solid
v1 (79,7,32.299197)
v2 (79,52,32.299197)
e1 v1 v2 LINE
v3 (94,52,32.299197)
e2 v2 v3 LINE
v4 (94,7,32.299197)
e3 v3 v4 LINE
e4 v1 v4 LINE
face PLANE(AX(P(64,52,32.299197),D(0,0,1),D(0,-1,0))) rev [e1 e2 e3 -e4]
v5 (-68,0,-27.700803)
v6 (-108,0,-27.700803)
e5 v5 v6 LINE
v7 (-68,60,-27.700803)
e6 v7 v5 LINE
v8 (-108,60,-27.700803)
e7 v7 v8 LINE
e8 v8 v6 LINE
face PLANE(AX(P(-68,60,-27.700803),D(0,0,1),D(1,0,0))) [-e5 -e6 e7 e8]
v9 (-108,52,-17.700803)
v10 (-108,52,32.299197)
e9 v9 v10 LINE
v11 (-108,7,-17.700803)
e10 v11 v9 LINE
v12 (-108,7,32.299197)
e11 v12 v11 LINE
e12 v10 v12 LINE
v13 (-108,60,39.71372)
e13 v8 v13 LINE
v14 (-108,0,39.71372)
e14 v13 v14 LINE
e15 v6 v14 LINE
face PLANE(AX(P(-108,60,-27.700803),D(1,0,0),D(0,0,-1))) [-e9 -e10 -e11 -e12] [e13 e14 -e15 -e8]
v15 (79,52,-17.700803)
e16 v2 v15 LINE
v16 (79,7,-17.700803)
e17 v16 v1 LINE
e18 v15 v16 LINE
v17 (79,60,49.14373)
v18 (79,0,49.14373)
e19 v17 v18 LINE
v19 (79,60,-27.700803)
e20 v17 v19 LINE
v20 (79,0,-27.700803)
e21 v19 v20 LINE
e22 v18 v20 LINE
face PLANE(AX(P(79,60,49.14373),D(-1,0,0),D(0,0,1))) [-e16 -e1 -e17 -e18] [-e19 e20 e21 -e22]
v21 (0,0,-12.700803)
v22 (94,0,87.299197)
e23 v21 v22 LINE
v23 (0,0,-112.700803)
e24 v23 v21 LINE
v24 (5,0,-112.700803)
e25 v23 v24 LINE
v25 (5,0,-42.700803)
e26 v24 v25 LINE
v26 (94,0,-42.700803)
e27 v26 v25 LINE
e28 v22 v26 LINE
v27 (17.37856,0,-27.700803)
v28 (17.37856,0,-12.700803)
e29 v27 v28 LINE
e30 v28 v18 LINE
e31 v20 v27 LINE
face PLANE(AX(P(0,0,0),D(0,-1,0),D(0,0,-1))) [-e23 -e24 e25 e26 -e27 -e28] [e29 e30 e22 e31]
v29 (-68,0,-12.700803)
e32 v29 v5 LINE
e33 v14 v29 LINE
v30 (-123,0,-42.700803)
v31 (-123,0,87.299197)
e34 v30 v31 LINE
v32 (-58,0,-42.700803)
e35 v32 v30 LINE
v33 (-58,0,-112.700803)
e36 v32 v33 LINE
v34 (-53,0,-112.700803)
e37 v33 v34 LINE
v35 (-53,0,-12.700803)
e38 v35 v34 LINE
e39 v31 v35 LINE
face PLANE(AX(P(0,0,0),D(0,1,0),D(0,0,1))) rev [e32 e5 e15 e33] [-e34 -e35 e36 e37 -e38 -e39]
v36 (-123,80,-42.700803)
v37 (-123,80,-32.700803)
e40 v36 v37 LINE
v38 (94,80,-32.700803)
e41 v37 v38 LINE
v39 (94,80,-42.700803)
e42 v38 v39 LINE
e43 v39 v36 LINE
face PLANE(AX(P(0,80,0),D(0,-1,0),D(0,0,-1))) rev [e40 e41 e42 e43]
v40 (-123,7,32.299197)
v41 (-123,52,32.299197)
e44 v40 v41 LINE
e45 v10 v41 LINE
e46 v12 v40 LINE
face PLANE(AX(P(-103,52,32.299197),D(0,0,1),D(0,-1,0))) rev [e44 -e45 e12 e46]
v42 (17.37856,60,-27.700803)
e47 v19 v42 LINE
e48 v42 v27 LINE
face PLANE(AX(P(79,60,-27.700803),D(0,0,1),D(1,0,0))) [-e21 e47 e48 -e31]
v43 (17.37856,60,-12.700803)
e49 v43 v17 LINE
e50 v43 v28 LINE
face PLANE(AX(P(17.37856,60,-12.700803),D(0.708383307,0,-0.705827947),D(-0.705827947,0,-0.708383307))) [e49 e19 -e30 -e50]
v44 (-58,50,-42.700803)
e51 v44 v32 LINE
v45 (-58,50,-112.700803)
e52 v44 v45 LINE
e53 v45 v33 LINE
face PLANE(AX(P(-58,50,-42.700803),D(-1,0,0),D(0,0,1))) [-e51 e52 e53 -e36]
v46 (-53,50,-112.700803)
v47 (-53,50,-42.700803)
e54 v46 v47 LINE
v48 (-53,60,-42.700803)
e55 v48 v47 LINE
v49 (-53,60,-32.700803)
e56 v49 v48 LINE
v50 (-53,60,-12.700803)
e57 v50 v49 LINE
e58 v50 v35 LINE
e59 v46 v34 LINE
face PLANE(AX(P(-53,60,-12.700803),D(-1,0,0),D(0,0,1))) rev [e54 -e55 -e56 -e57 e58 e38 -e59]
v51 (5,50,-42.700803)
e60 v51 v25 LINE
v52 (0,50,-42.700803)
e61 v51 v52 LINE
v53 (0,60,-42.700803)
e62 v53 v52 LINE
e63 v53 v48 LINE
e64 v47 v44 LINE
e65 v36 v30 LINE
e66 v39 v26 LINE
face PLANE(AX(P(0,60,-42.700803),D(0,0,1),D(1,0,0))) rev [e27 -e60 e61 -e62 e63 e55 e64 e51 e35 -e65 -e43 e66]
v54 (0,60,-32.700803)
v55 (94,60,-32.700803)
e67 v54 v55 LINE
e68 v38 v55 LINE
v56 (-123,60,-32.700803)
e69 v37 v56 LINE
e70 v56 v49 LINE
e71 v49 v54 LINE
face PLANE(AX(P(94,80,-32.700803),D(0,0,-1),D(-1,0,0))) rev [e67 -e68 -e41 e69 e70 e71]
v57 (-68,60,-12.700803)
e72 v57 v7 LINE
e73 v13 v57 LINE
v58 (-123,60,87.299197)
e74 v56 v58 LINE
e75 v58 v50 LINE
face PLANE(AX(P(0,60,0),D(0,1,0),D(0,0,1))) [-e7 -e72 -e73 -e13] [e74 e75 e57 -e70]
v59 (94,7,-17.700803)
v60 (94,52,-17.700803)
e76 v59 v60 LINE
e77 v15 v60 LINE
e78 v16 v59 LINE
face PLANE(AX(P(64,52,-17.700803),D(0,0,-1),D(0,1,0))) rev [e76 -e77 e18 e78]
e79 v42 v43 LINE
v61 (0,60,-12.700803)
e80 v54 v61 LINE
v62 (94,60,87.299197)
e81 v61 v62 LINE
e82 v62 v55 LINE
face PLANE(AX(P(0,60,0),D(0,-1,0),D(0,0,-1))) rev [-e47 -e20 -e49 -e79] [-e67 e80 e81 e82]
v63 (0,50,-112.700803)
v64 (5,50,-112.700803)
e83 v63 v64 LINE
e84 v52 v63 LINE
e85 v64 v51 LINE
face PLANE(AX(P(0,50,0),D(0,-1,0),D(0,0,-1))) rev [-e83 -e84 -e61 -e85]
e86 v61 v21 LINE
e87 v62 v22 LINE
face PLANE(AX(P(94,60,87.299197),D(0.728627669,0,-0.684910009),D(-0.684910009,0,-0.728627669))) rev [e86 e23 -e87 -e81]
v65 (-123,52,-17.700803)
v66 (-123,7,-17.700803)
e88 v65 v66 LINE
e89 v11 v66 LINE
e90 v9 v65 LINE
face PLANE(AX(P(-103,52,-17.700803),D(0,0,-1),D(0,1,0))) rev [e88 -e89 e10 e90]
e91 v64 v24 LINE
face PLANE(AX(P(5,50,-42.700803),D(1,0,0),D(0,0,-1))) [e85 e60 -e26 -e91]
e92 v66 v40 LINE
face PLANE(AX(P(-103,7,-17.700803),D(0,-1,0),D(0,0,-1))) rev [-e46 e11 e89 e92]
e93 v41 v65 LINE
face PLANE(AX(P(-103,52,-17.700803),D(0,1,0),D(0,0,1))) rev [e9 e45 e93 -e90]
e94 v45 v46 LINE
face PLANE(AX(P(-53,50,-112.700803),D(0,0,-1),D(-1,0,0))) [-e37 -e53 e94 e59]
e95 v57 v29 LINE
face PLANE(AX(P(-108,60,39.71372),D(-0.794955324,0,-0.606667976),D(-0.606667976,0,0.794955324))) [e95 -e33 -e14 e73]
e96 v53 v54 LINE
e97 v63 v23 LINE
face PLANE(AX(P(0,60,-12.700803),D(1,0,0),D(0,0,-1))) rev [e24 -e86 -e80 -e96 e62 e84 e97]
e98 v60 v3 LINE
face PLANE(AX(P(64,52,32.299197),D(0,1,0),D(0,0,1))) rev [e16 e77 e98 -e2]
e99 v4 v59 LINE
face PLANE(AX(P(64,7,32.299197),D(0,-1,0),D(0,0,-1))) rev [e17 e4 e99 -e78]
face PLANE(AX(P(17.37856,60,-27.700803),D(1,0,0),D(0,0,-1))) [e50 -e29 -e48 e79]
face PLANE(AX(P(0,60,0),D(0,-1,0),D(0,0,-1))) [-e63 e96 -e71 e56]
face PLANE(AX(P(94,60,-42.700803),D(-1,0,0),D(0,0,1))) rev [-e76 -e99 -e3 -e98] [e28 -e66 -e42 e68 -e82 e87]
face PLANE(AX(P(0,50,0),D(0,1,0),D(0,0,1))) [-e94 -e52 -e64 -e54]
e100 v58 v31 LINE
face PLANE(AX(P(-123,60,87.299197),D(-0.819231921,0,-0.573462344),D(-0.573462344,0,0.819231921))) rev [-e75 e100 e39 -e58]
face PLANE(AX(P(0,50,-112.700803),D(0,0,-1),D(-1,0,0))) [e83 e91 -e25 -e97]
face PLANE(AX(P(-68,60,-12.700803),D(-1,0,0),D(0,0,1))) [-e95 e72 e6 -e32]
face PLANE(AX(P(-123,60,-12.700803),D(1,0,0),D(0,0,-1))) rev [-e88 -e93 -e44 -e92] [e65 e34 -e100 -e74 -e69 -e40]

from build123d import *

# Parameters (mm, degrees)
BOSS_EXTRUDE1_DEPTH   = 60
BOSS_EXTRUDE1_2_DEPTH = 60
SKETCH3_W             = 217
SKETCH3_H             = 10
BOSS_EXTRUDE3_DEPTH   = 20
SKETCH4_W             = 5
SKETCH4_H             = 70
BOSS_EXTRUDE4_DEPTH   = 50
SKETCH5_W             = 5
SKETCH5_H             = 70
BOSS_EXTRUDE5_DEPTH   = 50
SKETCH6_W             = 50
SKETCH6_H             = 45
CUT_EXTRUDE1_DEPTH    = 30
SKETCH7_W             = 50
SKETCH7_H             = 45
CUT_EXTRUDE2_DEPTH    = 20


with BuildPart() as part:
    # Sketch1 → Boss-Extrude1 (new body)
    with BuildSketch(Plane(origin=(0, 0, 0), x_dir=(1, 0, 0), z_dir=(0, 1, 0))):
        Polygon((0, 42.700803213), (0, 27.700803213), (0, 12.700803213), (94, -87.299196787), (94, 42.700803213), align=None)
        Polygon((79, -49.143729641), (79, 27.700803213), (17.378559694, 27.700803213), (17.378559694, 12.700803213), align=None, mode=Mode.SUBTRACT)
    extrude(amount=BOSS_EXTRUDE1_DEPTH)



with BuildPart() as body_2:
    # Sketch1 → Boss-Extrude1 2 (new body)
    with BuildSketch(Plane(origin=(0, 0, 0), x_dir=(1, 0, 0), z_dir=(0, 1, 0))):
        Polygon((-123, 12.700803213), (-123, -87.299196787), (-53, 12.700803213), (-53, 42.700803213), (-123, 42.700803213), align=None)
        Polygon((-108, 27.700803213), (-108, -39.713720468), (-68, 12.700803213), (-68, 27.700803213), align=None, mode=Mode.SUBTRACT)
    extrude(amount=BOSS_EXTRUDE1_2_DEPTH)

    # Sketch3 → Boss-Extrude3 (add)
    with BuildSketch(Plane(origin=(0, 60, 0), x_dir=(1, 0, 0), z_dir=(0, 1, 0))):
        with Locations((-14.5, 37.700803213)):
            Rectangle(SKETCH3_W, SKETCH3_H)
    extrude(amount=BOSS_EXTRUDE3_DEPTH)

    # Sketch4 → Boss-Extrude4 (add)
    with BuildSketch(Plane(origin=(0, 0, 0), x_dir=(-1, 0, 0), z_dir=(0, -1, 0))):
        with Locations((55.5, 77.700803213)):
            Rectangle(SKETCH4_W, SKETCH4_H)
    extrude(amount=-BOSS_EXTRUDE4_DEPTH)


with BuildPart() as part_1:
    add(part.part)

    add(body_2.part)  # Boss-Extrude5 merges body 2
    # Sketch5 → Boss-Extrude5 (add)
    with BuildSketch(Plane(origin=(0, 0, 0), x_dir=(-1, 0, 0), z_dir=(0, -1, 0))):
        with Locations((-2.5, 77.700803213)):
            Rectangle(SKETCH5_W, SKETCH5_H)
    extrude(amount=-BOSS_EXTRUDE5_DEPTH)

    # Sketch6 → Cut-Extrude1 (cut)
    with BuildSketch(Plane(origin=(94, 0, 0), x_dir=(0, 0, -1), z_dir=(1, 0, 0))):
        with Locations((-7.299196787, 29.5)):
            Rectangle(SKETCH6_W, SKETCH6_H)
    extrude(amount=-CUT_EXTRUDE1_DEPTH, mode=Mode.SUBTRACT)

    # Sketch7 → Cut-Extrude2 (cut)
    with BuildSketch(Plane.ZY.offset(123)):
        with Locations((7.299196787, 29.5)):
            Rectangle(SKETCH7_W, SKETCH7_H)
    extrude(amount=-CUT_EXTRUDE2_DEPTH, mode=Mode.SUBTRACT)


solid = part_1.part
